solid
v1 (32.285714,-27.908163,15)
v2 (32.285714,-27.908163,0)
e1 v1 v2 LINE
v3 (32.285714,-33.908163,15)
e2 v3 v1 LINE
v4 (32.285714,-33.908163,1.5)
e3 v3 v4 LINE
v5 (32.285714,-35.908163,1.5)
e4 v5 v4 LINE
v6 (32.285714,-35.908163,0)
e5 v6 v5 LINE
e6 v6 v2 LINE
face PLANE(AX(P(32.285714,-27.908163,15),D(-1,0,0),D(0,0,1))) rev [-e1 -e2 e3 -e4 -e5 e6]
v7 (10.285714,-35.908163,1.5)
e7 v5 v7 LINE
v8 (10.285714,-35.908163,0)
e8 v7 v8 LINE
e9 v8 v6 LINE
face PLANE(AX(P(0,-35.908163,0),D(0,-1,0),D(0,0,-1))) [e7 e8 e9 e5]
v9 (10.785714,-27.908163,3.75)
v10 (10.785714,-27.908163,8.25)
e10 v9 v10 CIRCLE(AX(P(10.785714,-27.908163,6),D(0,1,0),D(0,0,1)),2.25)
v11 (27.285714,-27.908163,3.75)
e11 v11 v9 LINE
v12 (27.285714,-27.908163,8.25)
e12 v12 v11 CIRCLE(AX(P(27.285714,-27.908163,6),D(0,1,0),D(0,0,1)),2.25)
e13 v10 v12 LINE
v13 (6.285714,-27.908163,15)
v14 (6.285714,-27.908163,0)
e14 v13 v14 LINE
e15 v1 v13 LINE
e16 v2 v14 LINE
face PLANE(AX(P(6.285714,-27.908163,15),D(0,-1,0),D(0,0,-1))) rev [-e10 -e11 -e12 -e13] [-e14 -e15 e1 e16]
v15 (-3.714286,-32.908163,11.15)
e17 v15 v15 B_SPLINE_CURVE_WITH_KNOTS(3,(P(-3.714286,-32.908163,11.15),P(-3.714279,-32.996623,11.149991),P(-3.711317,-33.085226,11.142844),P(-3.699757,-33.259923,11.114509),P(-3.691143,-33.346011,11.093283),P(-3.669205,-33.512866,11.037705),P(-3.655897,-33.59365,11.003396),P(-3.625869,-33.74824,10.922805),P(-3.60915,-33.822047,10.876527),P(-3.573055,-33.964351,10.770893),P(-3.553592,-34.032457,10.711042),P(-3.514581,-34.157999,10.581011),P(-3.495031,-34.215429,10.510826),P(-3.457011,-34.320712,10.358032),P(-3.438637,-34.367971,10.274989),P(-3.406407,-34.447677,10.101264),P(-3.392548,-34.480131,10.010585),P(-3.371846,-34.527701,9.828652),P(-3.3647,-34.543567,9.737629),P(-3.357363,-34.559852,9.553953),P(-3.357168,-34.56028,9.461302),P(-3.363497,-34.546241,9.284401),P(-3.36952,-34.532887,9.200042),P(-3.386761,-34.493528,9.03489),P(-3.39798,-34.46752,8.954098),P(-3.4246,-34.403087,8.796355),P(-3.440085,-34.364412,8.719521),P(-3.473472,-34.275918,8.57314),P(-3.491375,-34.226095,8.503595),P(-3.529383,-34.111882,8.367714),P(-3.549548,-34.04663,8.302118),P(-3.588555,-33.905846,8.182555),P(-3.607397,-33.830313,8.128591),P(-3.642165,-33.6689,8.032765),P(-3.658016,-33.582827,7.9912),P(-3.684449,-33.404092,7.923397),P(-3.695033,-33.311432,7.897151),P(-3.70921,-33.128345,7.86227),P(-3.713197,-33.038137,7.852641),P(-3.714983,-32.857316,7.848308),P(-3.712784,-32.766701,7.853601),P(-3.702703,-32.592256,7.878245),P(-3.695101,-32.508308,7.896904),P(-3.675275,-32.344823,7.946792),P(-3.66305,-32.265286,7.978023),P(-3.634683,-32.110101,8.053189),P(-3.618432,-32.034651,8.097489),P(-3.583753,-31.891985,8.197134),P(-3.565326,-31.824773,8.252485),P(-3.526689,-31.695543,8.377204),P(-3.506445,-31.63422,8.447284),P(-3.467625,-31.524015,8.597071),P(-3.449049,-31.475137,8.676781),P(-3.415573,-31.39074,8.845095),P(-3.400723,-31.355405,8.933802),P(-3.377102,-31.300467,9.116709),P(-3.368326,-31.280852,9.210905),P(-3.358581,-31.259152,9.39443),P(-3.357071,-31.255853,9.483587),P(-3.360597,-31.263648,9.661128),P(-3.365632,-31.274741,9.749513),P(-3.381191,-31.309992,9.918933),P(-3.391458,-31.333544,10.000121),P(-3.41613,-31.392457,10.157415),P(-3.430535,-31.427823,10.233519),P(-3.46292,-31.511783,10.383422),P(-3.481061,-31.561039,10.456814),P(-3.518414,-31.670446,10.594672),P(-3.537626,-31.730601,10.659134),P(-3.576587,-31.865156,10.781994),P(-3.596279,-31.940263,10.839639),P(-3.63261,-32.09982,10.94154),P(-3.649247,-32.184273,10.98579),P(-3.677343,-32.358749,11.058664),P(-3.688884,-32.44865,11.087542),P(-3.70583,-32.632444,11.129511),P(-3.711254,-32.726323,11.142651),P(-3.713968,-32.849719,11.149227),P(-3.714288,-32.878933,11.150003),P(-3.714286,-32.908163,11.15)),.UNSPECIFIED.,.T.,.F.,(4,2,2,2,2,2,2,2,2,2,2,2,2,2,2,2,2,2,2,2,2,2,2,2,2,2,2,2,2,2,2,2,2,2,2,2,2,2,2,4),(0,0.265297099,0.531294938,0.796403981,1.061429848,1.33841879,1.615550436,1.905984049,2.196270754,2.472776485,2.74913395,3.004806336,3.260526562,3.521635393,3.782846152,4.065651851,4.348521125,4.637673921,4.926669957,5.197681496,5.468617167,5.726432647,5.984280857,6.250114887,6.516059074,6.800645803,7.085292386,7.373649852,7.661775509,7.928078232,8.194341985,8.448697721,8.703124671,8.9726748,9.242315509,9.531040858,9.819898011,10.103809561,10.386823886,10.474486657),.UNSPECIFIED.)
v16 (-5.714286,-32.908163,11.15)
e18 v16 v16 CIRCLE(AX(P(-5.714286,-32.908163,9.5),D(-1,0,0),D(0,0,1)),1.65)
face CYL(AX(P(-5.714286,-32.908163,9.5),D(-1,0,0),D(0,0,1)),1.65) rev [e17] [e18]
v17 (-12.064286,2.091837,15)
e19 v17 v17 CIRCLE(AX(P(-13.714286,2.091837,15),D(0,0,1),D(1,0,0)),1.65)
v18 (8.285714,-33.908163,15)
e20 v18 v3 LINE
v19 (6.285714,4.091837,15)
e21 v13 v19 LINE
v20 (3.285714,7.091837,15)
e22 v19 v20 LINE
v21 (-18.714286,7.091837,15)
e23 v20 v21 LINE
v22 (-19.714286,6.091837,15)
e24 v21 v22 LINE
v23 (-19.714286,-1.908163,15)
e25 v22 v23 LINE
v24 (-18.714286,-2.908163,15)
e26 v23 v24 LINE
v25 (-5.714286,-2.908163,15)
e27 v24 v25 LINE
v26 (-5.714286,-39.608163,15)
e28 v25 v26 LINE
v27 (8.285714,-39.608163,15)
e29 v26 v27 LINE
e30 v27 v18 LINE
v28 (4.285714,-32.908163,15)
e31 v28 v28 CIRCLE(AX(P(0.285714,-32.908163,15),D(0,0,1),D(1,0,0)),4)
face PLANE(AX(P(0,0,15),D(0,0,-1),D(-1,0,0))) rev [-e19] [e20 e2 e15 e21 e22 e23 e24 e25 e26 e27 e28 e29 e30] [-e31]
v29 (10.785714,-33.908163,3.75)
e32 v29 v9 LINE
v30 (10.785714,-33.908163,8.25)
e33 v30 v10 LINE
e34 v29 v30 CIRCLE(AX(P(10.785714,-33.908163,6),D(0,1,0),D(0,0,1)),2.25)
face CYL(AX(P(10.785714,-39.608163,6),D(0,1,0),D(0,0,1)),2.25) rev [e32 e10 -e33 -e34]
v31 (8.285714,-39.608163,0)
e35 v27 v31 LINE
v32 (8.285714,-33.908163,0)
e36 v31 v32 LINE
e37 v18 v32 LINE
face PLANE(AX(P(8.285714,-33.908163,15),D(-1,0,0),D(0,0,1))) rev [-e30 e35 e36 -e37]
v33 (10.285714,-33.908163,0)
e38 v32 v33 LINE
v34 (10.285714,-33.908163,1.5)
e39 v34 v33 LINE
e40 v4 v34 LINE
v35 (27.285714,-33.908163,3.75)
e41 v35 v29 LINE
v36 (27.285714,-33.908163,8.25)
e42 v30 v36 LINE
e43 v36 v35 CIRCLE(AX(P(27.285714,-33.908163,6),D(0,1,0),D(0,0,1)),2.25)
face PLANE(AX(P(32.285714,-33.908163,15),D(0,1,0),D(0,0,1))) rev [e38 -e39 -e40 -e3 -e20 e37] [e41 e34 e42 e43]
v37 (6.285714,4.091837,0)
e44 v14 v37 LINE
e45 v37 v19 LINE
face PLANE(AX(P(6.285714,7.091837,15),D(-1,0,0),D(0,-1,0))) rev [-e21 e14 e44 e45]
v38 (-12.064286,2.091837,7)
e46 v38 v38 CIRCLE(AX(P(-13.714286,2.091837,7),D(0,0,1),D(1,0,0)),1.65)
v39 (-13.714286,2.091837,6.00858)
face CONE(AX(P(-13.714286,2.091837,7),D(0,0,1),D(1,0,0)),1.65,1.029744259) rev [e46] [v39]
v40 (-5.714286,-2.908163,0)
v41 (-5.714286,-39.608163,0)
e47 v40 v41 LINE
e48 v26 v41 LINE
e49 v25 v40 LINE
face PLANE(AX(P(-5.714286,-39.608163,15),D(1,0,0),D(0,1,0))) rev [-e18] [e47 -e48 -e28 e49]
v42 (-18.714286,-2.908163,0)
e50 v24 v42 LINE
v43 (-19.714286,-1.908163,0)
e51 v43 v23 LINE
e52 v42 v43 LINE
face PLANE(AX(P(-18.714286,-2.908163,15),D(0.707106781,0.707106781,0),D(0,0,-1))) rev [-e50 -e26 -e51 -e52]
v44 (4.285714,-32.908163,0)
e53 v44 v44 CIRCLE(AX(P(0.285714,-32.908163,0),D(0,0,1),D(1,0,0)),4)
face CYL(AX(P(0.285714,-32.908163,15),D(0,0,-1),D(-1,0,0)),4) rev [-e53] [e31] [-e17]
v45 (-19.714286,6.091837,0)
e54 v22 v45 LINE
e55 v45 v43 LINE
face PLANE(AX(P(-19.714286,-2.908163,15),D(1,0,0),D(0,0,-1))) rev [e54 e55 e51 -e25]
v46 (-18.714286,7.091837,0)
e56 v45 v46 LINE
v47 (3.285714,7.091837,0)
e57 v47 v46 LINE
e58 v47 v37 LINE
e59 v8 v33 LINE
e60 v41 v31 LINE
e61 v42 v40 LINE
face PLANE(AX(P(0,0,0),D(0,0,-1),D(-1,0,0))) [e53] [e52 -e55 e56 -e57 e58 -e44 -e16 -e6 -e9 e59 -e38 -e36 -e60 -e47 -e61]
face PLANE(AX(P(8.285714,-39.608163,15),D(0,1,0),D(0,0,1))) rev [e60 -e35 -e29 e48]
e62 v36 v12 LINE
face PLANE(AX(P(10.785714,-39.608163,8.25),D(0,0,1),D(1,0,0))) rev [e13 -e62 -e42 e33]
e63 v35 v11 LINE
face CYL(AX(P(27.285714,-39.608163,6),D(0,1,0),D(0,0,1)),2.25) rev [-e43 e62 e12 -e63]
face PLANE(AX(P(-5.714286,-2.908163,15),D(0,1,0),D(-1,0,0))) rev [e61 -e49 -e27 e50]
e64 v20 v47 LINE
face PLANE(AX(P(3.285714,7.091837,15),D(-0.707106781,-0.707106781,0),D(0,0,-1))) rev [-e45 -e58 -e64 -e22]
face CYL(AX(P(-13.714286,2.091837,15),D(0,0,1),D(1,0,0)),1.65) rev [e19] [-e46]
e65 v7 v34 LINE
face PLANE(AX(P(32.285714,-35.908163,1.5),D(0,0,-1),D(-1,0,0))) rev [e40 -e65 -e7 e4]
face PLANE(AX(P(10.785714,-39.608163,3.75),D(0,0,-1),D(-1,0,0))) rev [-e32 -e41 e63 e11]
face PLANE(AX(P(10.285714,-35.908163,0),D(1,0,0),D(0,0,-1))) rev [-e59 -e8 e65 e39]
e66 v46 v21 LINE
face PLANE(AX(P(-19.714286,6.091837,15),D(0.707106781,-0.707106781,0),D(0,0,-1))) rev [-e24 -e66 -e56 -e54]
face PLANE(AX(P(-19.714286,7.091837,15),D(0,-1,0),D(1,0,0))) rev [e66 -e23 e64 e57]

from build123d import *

# Parameters (mm, degrees)
SKETCH1_R                  = 4
BOSS_EXTRUDE1_DEPTH        = 15
SKETCH2_W                  = 22
SKETCH2_H                  = 1.5
BOSS_EXTRUDE2_DEPTH        = 2
CUT_EXTRUDE1_DEPTH         = 50.923615123
M4X0_7_TAPPED_HOLE1_REACH  = 58.902
M4X0_7_TAPPED_HOLE1_BORE_R = 1.65
M4X0_7_TAPPED_HOLE2_D      = 3.3
M4X0_7_TAPPED_HOLE2_DEPTH  = 8
M4X0_7_TAPPED_HOLE2_TIP    = 0.991420021
CHAMFER1_SIZE              = 1
CHAMFER2_SIZE              = 3


with BuildPart() as part:
    # Sketch1 → Boss-Extrude1 (new body)
    with BuildSketch(Plane.XY):
        Polygon((-19.714285714, 7.091836735), (6.285714286, 7.091836735), (6.285714286, -27.908163265), (32.285714286, -27.908163265), (32.285714286, -33.908163265), (8.285714286, -33.908163265), (8.285714286, -39.608163265), (-5.714285714, -39.608163265), (-5.714285714, -2.908163265), (-19.714285714, -2.908163265), align=None)
        with Locations((0.285714286, -32.908163265)):
            Circle(SKETCH1_R, mode=Mode.SUBTRACT)
    extrude(amount=BOSS_EXTRUDE1_DEPTH)

    # Sketch2 → Boss-Extrude2 (add)
    with BuildSketch(Plane.XZ.offset(33.908163265)):
        with Locations((21.285714286, 0.75)):
            Rectangle(SKETCH2_W, SKETCH2_H)
    extrude(amount=BOSS_EXTRUDE2_DEPTH)

    # Sketch3 → Cut-Extrude1 (cut, through all)
    with BuildSketch(Plane(origin=(0, -27.908163265, 0), x_dir=(1, 0, 0), z_dir=(0, 1, 0))):
        with BuildLine():
            Line((10.785714286, -3.75), (27.285714286, -3.75))
            ThreePointArc((27.285714286, -3.75), (29.535714286, -6), (27.285714286, -8.25))
            Line((27.285714286, -8.25), (10.785714286, -8.25))
            ThreePointArc((10.785714286, -8.25), (8.535714286, -6), (10.785714286, -3.75))
        make_face()
    extrude(amount=-CUT_EXTRUDE1_DEPTH, mode=Mode.SUBTRACT)

    # M4x0.7 Tapped Hole1 bore → M4x0.7 Tapped Hole1 (cut, up to next)
    with BuildSketch(Plane.ZY.offset(5.714285714), mode=Mode.PRIVATE) as m4x0_7_tapped_hole1_sk1:
        with Locations((9.5, -32.908163265)):
            Circle(M4X0_7_TAPPED_HOLE1_BORE_R)
    m4x0_7_tapped_hole1_tool1 = extrude(m4x0_7_tapped_hole1_sk1.sketch, amount=-M4X0_7_TAPPED_HOLE1_REACH, mode=Mode.PRIVATE) & part.part
    add(m4x0_7_tapped_hole1_tool1.solids().sort_by_distance((-5.714286, -32.908163, 9.5))[0], mode=Mode.SUBTRACT)

    # M4x0.7 Tapped Hole2
    with Locations(Plane.XY.offset(15)):
        with Locations((-13.714285714, 2.091836735)):
            Hole(M4X0_7_TAPPED_HOLE2_D / 2, depth=M4X0_7_TAPPED_HOLE2_DEPTH)
            with Locations((0, 0, -(M4X0_7_TAPPED_HOLE2_DEPTH + M4X0_7_TAPPED_HOLE2_TIP / 2))):  # 118° drill point
                Cone(0, M4X0_7_TAPPED_HOLE2_D / 2, M4X0_7_TAPPED_HOLE2_TIP, mode=Mode.SUBTRACT)

    # Chamfer1
    chamfer1_edges = [part.edges().sort_by_distance(p)[0] for p in [
        (-19.714285714, 7.091836735, 7.5),
        (-19.714285714, -2.908163265, 7.5),
    ]]
    chamfer(chamfer1_edges, length=CHAMFER1_SIZE)

    # Chamfer2
    chamfer2_edges = [part.edges().sort_by_distance(p)[0] for p in [
        (6.285714286, 7.091836735, 7.5),
    ]]
    chamfer(chamfer2_edges, length=CHAMFER2_SIZE)


solid = part.part
